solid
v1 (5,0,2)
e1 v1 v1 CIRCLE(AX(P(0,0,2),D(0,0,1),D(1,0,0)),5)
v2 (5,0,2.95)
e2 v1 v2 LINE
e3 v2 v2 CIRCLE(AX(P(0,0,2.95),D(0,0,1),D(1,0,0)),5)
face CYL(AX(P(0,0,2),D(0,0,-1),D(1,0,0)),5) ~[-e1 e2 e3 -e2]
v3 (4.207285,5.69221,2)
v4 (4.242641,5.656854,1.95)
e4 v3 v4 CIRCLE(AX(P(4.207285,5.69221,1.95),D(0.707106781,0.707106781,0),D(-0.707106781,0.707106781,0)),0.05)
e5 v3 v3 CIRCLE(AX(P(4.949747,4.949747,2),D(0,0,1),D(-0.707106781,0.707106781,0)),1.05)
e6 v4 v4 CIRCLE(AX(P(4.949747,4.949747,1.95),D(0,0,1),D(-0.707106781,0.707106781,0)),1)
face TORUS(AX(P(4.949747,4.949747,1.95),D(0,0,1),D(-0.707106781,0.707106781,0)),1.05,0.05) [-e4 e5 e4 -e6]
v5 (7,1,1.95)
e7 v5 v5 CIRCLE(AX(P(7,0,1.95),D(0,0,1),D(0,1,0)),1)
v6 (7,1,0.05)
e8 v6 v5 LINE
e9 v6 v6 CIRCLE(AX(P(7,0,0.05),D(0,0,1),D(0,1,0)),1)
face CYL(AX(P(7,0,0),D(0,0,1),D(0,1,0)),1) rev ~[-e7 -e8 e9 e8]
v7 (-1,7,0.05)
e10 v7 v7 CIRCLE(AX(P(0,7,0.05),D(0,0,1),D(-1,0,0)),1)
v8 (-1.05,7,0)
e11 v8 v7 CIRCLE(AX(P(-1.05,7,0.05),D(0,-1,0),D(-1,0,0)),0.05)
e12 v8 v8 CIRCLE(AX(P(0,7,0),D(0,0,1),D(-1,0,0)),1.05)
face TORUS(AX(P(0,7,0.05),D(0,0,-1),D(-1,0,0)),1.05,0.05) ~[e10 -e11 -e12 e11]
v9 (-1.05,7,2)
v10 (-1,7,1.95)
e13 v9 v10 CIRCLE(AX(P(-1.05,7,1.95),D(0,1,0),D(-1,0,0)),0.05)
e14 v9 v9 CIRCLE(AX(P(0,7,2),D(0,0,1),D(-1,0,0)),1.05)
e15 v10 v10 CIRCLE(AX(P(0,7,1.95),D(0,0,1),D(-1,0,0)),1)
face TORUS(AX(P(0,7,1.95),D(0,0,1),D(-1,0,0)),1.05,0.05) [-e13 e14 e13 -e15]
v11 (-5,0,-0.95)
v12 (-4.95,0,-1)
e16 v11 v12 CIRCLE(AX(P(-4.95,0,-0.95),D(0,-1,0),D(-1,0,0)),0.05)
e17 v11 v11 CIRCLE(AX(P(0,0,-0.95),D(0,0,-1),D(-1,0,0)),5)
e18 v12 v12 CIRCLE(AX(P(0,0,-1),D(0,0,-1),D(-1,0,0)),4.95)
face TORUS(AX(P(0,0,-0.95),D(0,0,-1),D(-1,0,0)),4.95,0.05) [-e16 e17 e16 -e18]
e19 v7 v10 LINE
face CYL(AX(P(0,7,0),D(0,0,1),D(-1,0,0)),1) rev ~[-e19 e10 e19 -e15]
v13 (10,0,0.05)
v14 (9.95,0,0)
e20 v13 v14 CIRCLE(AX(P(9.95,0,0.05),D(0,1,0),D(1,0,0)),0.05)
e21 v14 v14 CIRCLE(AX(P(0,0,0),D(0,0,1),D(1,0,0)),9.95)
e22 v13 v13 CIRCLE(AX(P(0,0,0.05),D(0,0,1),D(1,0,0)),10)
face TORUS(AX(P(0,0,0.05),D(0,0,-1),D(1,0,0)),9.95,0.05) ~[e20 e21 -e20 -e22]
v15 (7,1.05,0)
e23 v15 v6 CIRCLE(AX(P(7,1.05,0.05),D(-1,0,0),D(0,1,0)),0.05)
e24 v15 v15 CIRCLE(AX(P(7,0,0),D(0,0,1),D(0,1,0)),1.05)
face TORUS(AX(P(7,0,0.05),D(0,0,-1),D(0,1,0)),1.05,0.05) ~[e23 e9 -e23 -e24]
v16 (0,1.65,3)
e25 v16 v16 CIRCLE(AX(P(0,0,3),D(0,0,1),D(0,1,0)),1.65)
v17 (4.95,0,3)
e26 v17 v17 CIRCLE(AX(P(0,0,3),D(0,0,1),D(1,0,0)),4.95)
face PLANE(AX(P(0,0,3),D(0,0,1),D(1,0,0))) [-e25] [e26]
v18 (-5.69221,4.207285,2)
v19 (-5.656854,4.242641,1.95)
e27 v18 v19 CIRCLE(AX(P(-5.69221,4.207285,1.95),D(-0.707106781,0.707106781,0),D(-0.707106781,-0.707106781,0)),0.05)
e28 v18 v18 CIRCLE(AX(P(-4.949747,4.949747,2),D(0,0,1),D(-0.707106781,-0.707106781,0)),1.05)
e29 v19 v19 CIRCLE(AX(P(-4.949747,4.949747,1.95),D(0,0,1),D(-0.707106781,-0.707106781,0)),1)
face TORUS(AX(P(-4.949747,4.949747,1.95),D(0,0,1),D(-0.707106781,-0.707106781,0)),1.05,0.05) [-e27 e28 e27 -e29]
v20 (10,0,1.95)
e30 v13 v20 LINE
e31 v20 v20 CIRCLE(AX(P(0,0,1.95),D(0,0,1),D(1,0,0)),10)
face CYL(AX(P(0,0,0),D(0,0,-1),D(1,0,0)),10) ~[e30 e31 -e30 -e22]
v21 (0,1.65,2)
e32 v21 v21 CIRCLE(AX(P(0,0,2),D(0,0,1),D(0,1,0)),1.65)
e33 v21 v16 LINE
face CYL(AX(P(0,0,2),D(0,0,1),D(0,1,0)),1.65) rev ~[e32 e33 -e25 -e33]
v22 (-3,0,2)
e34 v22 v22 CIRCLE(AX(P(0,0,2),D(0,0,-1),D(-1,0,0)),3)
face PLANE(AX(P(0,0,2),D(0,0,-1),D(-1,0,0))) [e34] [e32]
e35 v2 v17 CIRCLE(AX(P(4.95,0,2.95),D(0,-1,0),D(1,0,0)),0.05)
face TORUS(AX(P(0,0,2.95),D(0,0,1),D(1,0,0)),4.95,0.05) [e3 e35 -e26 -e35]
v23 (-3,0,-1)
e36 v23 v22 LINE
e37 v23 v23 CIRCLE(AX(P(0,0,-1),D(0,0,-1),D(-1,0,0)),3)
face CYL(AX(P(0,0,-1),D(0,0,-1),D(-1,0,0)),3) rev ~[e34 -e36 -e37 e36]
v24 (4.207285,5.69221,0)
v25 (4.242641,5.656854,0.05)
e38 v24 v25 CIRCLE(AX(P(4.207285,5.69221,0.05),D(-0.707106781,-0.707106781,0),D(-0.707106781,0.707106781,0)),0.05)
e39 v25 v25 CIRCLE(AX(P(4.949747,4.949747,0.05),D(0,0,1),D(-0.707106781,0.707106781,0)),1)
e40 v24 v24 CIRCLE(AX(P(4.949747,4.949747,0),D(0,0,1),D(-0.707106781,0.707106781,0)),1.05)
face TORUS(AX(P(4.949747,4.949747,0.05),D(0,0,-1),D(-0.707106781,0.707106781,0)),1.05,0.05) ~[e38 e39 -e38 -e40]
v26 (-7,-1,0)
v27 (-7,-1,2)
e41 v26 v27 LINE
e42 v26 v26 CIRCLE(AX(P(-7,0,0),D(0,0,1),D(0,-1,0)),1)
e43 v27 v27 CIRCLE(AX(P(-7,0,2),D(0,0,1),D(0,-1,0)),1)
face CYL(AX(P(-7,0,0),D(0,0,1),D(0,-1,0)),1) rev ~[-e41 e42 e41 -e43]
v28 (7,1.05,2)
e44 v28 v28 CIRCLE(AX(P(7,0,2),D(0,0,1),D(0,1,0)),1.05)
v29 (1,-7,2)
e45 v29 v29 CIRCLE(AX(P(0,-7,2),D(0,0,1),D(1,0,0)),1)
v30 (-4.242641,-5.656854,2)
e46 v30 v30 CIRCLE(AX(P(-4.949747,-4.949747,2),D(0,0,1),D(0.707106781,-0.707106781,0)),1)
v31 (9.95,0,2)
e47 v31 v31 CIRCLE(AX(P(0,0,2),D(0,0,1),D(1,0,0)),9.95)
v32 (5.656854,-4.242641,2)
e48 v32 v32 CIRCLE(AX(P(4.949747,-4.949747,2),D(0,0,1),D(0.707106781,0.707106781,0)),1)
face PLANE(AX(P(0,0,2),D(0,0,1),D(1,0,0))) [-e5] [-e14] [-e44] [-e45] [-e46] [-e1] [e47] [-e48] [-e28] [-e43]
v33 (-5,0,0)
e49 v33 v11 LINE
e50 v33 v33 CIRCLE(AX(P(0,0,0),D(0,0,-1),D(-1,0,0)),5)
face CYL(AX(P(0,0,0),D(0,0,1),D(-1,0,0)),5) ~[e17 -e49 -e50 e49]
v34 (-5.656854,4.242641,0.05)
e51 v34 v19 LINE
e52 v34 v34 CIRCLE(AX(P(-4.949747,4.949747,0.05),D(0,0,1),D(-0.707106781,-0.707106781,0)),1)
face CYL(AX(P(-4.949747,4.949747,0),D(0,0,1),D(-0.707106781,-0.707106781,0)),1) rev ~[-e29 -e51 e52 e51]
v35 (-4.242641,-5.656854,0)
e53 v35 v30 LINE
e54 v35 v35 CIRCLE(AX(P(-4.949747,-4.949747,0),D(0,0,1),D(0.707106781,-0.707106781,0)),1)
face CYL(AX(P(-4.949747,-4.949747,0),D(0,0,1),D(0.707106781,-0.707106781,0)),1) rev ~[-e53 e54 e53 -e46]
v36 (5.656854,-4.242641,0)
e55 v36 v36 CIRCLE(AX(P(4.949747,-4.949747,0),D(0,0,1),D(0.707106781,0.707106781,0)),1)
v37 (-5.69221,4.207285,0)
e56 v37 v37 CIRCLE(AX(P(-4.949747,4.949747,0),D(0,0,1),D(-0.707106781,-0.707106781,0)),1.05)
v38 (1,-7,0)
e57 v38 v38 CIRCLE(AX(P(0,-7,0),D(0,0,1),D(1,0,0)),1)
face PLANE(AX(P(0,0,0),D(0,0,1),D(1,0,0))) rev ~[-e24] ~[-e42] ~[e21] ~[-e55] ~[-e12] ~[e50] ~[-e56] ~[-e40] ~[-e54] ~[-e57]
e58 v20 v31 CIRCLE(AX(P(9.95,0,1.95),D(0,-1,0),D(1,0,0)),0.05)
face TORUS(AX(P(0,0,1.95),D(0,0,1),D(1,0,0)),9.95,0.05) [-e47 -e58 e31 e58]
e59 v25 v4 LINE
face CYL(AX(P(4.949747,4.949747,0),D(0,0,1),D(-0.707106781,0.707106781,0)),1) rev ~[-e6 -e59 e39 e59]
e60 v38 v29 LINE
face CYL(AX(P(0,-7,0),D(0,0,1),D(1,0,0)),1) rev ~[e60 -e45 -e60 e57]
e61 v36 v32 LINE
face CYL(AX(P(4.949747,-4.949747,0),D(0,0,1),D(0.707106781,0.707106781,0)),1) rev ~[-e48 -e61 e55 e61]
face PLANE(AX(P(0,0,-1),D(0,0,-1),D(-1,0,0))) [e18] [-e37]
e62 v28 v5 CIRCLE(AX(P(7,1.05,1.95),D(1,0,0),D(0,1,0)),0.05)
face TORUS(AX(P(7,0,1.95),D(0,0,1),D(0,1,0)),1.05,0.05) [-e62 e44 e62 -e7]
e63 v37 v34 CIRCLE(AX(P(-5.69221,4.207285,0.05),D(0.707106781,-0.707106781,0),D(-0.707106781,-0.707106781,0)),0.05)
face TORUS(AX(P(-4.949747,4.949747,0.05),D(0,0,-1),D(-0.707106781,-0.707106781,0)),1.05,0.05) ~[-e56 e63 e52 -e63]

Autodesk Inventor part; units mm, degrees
ref_plane "YZ Plane" through (0, 0, 0) normal (1, 0, 0) x (0, 1, 0)
ref_plane "XZ Plane" through (0, 0, 0) normal (0, 1, 0) x (-1, 0, 0)
ref_plane "XY Plane" through (0, 0, 0) normal (0, 0, 1) x (1, 0, 0)
sketch "スケッチ1" plane through (0, 0, 0) normal (0, 0, 1) x (1, 0, 0)
  circle A0 centre (0, 0) radius 10
  dimension "d0" = 20
extrude "押し出し1" add sketch "スケッチ1" along normal blind 2
sketch "スケッチ2" plane through (0, 0, 2) normal (0, 0, 1) x (1, 0, 0)
  circle A0 centre (0, 0) radius 10 projected
  circle A1 centre (0, 0) radius 5
  dimension "d3" = 10
extrude "押し出し2" add sketch "スケッチ2" along normal blind 1 contours A1
sketch "スケッチ4" plane through (0, 0, 0) normal (0, 0, -1) x (-1, 0, 0)
  circle A0 centre (0, 0) radius 10 projected
  circle A1 centre (0, 0) radius 5
  dimension "d6" = 10
extrude "押し出し3" add sketch "スケッチ4" along normal blind 1 contours A1
sketch "スケッチ5" plane through (0, 0, -1) normal (0, 0, -1) x (-1, 0, 0)
  circle A0 centre (0, 0) radius 5 projected
  circle A1 centre (0, 0) radius 3
  dimension "d9" = 6
extrude "押し出し4" cut sketch "スケッチ5" against normal blind 3 contours A1
sketch "スケッチ6" plane through (0, 0, 2) normal (0, 0, -1) x (-1, 0, 0)
  circle A0 centre (0, 0) radius 3 projected
  circle A1 centre (0, 0) radius 1.65
  dimension "d12" = 3.3
hole "穴1" at (0, 0, 2) direction (0, 0, 1) diameter 3.3 end through all
sketch "スケッチ7" plane through (0, 0, 0) normal (0, 0, -1) x (-1, 0, 0)
  circle A0 centre (0, 0) radius 5 projected
  circle A1 centre (-7, 0) radius 1
  dimension "d20" = 2
  dimension "d21" = 7
hole "穴2" at (7, 0, 0) direction (0, 0, 1) diameter 2 end through all
pattern_circular "円形状パターン1" count 8 over 360 about axis through (0, 0, -1) along (0, 0, 1) of "穴2"
fillet "フィレット3" radius 0.05 12 edges at (-10, 0, 2) (-10, 0, 0) (1, 7, 2) (5.6569, 4.2426, 2) (7, -1, 2) (-4.2426, 5.6569, 2) (-4.2426, 5.6569, 0) (7, -1, 0) (5.6569, 4.2426, 0) (1, 7, 0) (5, 0, -1) (-5, 0, 3)
properties material "アセタール樹脂、白"
